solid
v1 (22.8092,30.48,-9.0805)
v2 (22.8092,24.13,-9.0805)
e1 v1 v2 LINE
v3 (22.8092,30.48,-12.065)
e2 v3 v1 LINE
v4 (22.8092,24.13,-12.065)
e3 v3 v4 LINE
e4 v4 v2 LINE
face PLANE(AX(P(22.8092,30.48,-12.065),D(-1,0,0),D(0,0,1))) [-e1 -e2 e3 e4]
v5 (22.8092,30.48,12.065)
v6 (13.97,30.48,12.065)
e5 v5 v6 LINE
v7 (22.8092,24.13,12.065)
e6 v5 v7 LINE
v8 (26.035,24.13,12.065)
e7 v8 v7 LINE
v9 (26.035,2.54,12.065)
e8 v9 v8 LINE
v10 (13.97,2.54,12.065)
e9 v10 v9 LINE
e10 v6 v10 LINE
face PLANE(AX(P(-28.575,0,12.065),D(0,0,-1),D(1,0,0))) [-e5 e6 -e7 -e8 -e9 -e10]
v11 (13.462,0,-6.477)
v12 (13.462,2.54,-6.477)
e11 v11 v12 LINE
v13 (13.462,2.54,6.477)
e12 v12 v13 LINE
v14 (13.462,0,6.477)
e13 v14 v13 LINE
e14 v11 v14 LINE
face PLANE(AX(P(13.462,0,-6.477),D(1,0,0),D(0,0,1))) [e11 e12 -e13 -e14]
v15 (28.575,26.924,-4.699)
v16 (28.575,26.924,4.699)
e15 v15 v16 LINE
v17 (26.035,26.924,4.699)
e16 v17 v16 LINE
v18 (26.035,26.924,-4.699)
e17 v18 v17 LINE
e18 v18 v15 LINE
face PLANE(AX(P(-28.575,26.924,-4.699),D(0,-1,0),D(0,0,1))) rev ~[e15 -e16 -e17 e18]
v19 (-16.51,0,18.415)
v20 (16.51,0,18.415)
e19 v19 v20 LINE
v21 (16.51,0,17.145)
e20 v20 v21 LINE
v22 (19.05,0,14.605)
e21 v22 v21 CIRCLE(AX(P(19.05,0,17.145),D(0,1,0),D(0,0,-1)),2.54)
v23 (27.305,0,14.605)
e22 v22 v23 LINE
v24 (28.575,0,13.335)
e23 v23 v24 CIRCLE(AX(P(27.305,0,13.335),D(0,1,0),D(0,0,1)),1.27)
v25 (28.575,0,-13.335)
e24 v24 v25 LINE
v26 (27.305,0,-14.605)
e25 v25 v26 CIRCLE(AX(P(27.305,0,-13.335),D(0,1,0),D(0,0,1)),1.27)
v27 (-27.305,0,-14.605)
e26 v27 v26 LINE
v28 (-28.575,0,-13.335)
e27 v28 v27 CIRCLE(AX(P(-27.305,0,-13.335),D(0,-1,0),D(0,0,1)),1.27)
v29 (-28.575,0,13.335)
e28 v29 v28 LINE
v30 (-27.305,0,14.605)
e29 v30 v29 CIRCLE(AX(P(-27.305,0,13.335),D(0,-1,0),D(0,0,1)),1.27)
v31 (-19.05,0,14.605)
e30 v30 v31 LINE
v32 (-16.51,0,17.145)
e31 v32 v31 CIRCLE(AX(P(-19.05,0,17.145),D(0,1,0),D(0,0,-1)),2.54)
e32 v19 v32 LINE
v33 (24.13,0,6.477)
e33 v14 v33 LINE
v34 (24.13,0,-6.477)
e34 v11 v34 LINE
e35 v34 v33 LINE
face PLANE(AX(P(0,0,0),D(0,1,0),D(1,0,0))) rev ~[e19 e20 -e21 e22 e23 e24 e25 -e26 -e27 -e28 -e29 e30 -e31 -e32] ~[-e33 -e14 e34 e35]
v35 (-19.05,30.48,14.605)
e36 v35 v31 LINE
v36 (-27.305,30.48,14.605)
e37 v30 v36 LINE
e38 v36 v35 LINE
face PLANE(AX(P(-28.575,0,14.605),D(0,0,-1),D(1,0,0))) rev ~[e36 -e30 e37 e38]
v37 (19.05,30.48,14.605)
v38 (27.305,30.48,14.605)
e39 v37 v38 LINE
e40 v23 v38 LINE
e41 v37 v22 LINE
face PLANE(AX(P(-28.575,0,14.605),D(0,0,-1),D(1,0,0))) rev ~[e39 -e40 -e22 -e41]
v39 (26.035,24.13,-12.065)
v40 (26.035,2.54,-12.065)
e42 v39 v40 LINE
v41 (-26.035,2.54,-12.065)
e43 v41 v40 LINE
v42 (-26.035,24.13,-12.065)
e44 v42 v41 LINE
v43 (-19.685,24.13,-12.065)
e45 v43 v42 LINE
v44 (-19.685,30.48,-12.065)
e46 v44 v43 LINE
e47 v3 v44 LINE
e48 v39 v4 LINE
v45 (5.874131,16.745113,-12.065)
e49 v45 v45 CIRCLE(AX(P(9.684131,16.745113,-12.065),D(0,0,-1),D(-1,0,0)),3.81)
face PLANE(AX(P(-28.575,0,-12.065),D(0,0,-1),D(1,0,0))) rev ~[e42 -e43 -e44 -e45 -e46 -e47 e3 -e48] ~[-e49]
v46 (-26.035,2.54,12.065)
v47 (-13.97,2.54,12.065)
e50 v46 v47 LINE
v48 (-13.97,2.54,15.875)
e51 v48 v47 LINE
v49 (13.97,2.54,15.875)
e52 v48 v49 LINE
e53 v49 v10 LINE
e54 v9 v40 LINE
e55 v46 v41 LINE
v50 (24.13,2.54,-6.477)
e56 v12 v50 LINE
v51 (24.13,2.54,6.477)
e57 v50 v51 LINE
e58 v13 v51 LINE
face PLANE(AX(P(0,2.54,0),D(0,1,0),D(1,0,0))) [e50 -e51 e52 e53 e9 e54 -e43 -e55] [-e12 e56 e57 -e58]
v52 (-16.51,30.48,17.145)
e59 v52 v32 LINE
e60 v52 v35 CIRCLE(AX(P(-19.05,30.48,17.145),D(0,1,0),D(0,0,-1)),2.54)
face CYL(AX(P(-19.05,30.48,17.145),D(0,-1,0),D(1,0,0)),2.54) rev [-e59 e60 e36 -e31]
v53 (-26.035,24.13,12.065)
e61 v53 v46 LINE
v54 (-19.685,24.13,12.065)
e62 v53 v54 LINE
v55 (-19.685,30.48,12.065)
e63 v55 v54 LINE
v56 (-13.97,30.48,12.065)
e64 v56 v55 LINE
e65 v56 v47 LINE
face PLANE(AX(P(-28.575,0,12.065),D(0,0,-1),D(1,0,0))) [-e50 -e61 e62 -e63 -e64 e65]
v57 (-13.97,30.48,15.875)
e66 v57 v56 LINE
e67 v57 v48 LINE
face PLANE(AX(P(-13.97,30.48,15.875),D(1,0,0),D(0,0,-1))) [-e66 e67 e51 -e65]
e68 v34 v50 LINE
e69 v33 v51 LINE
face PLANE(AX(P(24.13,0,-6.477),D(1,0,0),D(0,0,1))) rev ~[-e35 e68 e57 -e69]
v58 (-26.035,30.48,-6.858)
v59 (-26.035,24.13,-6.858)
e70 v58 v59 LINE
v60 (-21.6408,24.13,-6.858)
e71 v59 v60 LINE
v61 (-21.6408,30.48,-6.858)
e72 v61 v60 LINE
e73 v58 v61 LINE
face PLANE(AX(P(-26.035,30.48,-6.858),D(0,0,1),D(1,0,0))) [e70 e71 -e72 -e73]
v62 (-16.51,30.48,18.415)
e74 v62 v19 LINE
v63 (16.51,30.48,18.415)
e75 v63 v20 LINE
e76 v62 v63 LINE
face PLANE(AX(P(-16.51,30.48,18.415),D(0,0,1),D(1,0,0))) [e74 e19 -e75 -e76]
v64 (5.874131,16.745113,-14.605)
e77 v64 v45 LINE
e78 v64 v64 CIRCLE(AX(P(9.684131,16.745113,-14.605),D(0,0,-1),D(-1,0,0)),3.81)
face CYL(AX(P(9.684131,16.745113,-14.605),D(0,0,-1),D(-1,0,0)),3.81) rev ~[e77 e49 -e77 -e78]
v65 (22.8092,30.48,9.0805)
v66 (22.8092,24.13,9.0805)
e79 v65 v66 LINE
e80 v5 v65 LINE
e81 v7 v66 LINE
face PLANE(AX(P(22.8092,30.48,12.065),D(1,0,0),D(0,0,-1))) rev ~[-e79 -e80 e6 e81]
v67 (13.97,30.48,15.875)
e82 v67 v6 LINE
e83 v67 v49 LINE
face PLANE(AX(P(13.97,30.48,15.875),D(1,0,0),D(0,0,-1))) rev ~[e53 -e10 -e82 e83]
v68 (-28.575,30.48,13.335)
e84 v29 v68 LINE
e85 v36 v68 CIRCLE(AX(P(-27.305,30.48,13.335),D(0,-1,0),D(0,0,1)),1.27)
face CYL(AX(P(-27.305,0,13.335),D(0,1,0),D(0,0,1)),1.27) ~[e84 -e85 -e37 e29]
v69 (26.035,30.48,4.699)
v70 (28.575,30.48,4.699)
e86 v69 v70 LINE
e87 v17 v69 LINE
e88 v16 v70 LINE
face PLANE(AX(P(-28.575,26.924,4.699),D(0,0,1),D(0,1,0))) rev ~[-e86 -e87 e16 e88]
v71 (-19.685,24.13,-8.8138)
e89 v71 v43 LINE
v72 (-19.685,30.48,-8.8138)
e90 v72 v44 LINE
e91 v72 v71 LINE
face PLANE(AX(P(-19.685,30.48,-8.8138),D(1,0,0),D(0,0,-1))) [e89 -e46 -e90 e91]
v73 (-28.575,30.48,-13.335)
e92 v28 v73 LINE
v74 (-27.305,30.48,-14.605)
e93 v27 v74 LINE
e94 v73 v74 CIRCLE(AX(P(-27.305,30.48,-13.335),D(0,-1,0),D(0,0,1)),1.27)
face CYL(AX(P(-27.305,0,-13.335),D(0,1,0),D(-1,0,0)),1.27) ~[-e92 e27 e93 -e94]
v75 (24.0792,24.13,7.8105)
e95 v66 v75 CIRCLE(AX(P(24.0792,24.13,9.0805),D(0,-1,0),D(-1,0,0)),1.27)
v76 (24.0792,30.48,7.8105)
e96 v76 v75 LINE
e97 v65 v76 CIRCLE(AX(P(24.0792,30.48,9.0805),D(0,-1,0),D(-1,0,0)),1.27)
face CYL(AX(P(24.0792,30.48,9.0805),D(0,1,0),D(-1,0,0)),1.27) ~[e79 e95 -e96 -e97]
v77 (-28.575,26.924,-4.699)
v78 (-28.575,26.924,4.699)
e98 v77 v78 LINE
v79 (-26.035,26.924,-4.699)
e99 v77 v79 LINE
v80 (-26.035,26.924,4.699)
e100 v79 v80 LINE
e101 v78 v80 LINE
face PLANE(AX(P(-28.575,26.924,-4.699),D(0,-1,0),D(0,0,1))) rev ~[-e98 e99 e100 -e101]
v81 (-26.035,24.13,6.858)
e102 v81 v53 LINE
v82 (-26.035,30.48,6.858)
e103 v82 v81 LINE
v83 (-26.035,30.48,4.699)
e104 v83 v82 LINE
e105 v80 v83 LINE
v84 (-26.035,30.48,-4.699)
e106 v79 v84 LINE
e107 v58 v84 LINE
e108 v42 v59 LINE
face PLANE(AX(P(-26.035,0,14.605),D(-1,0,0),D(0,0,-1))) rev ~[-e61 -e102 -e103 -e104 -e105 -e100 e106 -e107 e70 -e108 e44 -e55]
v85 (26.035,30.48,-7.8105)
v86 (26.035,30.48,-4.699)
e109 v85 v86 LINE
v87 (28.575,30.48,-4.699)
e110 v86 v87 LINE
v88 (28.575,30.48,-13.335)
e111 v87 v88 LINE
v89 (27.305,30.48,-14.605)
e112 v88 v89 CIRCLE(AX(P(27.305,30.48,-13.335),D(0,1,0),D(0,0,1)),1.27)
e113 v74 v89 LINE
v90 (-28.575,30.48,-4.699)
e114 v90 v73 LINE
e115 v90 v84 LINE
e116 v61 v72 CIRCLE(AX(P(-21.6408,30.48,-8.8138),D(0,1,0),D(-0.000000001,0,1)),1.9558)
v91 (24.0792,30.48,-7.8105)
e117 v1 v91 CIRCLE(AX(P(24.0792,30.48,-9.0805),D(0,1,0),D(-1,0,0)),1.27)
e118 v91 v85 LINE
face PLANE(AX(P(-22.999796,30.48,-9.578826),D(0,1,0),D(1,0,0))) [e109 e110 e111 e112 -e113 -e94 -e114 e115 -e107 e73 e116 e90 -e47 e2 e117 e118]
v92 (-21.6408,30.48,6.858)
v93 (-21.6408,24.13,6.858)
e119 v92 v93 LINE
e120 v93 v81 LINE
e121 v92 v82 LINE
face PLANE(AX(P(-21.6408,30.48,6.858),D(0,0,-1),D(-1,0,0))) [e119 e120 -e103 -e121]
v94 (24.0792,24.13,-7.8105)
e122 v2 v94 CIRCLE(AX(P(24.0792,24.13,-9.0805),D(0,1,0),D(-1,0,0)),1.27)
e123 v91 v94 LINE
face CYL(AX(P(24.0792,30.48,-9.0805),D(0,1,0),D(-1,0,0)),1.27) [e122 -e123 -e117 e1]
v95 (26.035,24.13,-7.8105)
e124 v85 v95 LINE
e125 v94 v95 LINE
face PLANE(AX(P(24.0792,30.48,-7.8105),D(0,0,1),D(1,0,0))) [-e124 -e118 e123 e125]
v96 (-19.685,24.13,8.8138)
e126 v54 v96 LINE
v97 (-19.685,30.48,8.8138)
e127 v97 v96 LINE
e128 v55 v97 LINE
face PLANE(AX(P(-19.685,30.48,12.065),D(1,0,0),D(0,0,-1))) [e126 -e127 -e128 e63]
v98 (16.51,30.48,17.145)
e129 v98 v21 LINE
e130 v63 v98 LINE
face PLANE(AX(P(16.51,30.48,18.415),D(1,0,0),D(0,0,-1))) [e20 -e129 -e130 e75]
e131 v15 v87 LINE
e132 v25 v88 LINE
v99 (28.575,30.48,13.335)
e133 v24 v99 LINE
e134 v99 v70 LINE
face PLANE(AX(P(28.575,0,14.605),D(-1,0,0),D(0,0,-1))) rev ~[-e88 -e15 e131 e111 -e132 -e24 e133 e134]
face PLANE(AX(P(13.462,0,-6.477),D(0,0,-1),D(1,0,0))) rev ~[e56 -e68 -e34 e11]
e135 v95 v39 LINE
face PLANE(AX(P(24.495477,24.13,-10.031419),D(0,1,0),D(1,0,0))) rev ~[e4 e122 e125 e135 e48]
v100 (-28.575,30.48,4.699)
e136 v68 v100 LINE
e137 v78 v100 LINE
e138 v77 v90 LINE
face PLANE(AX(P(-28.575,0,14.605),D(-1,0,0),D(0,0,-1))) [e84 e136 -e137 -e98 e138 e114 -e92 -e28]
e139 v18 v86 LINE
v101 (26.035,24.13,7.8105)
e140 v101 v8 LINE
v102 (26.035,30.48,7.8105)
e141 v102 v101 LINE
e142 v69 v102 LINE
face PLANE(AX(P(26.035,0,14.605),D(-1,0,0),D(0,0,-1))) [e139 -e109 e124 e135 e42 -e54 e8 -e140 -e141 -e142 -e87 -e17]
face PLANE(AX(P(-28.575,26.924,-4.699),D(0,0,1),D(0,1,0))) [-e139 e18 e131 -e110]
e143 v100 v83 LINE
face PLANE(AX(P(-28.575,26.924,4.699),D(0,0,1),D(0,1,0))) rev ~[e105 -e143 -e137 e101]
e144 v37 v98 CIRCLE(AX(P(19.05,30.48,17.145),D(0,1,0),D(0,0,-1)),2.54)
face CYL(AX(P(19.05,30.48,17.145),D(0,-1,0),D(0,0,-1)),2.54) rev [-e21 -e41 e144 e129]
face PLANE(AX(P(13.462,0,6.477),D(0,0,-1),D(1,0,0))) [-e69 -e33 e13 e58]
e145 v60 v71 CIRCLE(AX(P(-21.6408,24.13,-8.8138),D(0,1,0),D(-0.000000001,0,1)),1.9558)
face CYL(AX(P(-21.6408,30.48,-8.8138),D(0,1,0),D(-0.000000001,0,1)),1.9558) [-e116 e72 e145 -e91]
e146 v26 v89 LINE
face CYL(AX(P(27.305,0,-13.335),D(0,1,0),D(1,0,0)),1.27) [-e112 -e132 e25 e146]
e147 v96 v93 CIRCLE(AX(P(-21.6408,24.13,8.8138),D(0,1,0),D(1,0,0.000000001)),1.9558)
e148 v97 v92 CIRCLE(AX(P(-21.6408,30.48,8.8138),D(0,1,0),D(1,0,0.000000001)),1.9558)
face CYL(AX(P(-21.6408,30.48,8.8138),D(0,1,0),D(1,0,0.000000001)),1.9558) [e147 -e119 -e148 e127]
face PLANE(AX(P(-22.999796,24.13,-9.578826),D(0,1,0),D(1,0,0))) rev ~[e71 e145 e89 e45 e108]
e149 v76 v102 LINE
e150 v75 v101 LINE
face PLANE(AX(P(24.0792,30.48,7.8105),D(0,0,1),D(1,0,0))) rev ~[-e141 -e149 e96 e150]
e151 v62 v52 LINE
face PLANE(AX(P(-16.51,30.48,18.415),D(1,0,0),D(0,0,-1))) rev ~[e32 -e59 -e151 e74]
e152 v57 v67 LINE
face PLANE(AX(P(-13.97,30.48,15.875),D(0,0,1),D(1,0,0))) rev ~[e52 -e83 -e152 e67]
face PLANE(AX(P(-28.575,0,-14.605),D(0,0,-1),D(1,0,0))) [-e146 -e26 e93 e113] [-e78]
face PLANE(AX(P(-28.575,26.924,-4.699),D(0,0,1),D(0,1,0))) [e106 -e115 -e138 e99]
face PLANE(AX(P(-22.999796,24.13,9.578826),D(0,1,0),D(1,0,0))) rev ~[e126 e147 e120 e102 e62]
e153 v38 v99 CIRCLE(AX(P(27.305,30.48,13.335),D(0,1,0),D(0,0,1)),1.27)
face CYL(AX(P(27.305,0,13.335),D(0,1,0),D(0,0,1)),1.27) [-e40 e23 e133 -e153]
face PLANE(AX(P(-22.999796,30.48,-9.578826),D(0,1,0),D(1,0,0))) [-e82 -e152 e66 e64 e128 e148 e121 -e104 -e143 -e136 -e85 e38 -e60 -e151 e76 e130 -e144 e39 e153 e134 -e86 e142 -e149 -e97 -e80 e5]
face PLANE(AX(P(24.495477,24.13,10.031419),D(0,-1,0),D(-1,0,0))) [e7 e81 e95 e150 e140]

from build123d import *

# Parameters (mm, degrees)
SKETCH1_W           = 57.15
SKETCH1_H           = 29.21
BOSS_EXTRUDE1_DEPTH = 30.48
SHELL1_T            = -2.54
SKETCH2_W           = 10.668
SKETCH2_H           = 12.954
CUT_EXTRUDE1_DEPTH  = 2.54
BOSS_EXTRUDE2_DEPTH = 6.35
CUT_EXTRUDE2_REACH  = 68.396
SKETCH4_W           = 9.398
SKETCH4_H           = 7.112
SKETCH6_W           = 33.02
SKETCH6_H           = 3.81
BOSS_EXTRUDE3_DEPTH = 30.48
SKETCH7_W           = 27.94
SKETCH7_H           = 3.81
CUT_EXTRUDE3_DEPTH  = 27.94
FILLET1_R           = 2.54
FILLET2_R           = 1.27
SKETCH8_R           = 3.81
CUT_EXTRUDE4_DEPTH  = 2.54


with BuildPart() as part:
    # Sketch1 → Boss-Extrude1 (new body)
    with BuildSketch(Plane(origin=(0, 0, 0), x_dir=(1, 0, 0), z_dir=(0, 1, 0))):
        Rectangle(SKETCH1_W, SKETCH1_H)
    extrude(amount=BOSS_EXTRUDE1_DEPTH)

    # Shell1
    shell1_openings = [part.faces().sort_by_distance(p)[0] for p in [
        (0, 30.48, 0),
    ]]
    offset(amount=SHELL1_T, openings=shell1_openings, kind=Kind.INTERSECTION)

    # Sketch2 → Cut-Extrude1 (cut)
    with BuildSketch(Plane.XZ):
        with Locations((18.796, 0)):
            Rectangle(SKETCH2_W, SKETCH2_H)
    extrude(amount=-CUT_EXTRUDE1_DEPTH, mode=Mode.SUBTRACT)

    # Sketch3 → Boss-Extrude2 (add)
    with BuildSketch(Plane(origin=(0, 30.48, 0), x_dir=(1, 0, 0), z_dir=(0, 1, 0))):
        with BuildLine():
            Line((-26.035, 12.065), (-26.035, 6.858))
            Line((-26.035, 6.858), (-21.6408, 6.858))
            ThreePointArc((-21.6408, 6.858), (-20.257840557, 7.430840557), (-19.685, 8.8138))
            Line((-19.685, 8.8138), (-19.685, 12.065))
            Line((-19.685, 12.065), (-26.035, 12.065))
        make_face()
        with BuildLine():
            Line((-19.685, -12.065), (-19.685, -8.8138))
            ThreePointArc((-19.685, -8.8138), (-20.257840557, -7.430840557), (-21.6408, -6.858))
            Line((-21.6408, -6.858), (-26.035, -6.858))
            Line((-26.035, -6.858), (-26.035, -12.065))
            Line((-26.035, -12.065), (-19.685, -12.065))
        make_face()
        with BuildLine():
            Line((26.035, 12.065), (22.8092, 12.065))
            Line((22.8092, 12.065), (22.8092, 9.0805))
            ThreePointArc((22.8092, 9.0805), (23.181174388, 8.182474388), (24.0792, 7.8105))
            Line((24.0792, 7.8105), (26.035, 7.8105))
            Line((26.035, 7.8105), (26.035, 12.065))
        make_face()
        with BuildLine():
            Line((26.035, -7.8105), (26.035, -12.065))
            Line((26.035, -12.065), (22.8092, -12.065))
            Line((22.8092, -12.065), (22.8092, -9.0805))
            ThreePointArc((22.8092, -9.0805), (23.181174388, -8.182474388), (24.0792, -7.8105))
            Line((24.0792, -7.8105), (26.035, -7.8105))
        make_face()
    extrude(amount=-BOSS_EXTRUDE2_DEPTH)

    # Cut-Extrude2: up to this face of the body (flat: up to its plane)
    cut_extrude2_end = Plane(part.part.faces().sort_by_distance((28.575, 15.24, 0))[0])
    # Sketch4 → Cut-Extrude2 (cut, up to the picked face)
    with BuildSketch(Plane.ZY.offset(28.575), mode=Mode.PRIVATE) as cut_extrude2_sk1:
        with Locations((0, 30.48)):
            Rectangle(SKETCH4_W, SKETCH4_H)
    cut_extrude2_tool1 = split(extrude(cut_extrude2_sk1.sketch, amount=-CUT_EXTRUDE2_REACH, mode=Mode.PRIVATE), bisect_by=cut_extrude2_end, keep=Keep.BOTH, mode=Mode.PRIVATE)
    add(cut_extrude2_tool1.solids().sort_by(Axis((-28.575, 30.48, 0), (1, 0, 0)))[0], mode=Mode.SUBTRACT)

    # Sketch6 → Boss-Extrude3 (add)
    with BuildSketch(Plane(origin=(0, 30.48, 0), x_dir=(1, 0, 0), z_dir=(0, 1, 0))):
        with Locations((0, -16.51)):
            Rectangle(SKETCH6_W, SKETCH6_H)
    extrude(amount=-BOSS_EXTRUDE3_DEPTH)

    # Sketch7 → Cut-Extrude3 (cut)
    with BuildSketch(Plane(origin=(0, 30.48, 0), x_dir=(1, 0, 0), z_dir=(0, 1, 0))):
        with Locations((0, -13.97)):
            Rectangle(SKETCH7_W, SKETCH7_H)
    extrude(amount=-CUT_EXTRUDE3_DEPTH, mode=Mode.SUBTRACT)

    # Fillet1
    fillet1_edges = [part.edges().sort_by_distance(p)[0] for p in [
        (16.51, 15.24, 14.605),
        (-16.51, 15.24, 14.605),
    ]]
    fillet(fillet1_edges, radius=FILLET1_R)

    # Fillet2
    fillet2_edges = [part.edges().sort_by_distance(p)[0] for p in [
        (28.575, 15.24, 14.605),
        (-28.575, 15.24, 14.605),
        (-28.575, 15.24, -14.605),
        (28.575, 15.24, -14.605),
    ]]
    fillet(fillet2_edges, radius=FILLET2_R)

    # Sketch8 → Cut-Extrude4 (cut)
    with BuildSketch(Plane(origin=(0, 0, -14.605), x_dir=(-1, 0, 0), z_dir=(0, 0, -1))):
        with Locations((-9.68413116, 16.745112741)):
            Circle(SKETCH8_R)
    extrude(amount=-CUT_EXTRUDE4_DEPTH, mode=Mode.SUBTRACT)


solid = part.part
